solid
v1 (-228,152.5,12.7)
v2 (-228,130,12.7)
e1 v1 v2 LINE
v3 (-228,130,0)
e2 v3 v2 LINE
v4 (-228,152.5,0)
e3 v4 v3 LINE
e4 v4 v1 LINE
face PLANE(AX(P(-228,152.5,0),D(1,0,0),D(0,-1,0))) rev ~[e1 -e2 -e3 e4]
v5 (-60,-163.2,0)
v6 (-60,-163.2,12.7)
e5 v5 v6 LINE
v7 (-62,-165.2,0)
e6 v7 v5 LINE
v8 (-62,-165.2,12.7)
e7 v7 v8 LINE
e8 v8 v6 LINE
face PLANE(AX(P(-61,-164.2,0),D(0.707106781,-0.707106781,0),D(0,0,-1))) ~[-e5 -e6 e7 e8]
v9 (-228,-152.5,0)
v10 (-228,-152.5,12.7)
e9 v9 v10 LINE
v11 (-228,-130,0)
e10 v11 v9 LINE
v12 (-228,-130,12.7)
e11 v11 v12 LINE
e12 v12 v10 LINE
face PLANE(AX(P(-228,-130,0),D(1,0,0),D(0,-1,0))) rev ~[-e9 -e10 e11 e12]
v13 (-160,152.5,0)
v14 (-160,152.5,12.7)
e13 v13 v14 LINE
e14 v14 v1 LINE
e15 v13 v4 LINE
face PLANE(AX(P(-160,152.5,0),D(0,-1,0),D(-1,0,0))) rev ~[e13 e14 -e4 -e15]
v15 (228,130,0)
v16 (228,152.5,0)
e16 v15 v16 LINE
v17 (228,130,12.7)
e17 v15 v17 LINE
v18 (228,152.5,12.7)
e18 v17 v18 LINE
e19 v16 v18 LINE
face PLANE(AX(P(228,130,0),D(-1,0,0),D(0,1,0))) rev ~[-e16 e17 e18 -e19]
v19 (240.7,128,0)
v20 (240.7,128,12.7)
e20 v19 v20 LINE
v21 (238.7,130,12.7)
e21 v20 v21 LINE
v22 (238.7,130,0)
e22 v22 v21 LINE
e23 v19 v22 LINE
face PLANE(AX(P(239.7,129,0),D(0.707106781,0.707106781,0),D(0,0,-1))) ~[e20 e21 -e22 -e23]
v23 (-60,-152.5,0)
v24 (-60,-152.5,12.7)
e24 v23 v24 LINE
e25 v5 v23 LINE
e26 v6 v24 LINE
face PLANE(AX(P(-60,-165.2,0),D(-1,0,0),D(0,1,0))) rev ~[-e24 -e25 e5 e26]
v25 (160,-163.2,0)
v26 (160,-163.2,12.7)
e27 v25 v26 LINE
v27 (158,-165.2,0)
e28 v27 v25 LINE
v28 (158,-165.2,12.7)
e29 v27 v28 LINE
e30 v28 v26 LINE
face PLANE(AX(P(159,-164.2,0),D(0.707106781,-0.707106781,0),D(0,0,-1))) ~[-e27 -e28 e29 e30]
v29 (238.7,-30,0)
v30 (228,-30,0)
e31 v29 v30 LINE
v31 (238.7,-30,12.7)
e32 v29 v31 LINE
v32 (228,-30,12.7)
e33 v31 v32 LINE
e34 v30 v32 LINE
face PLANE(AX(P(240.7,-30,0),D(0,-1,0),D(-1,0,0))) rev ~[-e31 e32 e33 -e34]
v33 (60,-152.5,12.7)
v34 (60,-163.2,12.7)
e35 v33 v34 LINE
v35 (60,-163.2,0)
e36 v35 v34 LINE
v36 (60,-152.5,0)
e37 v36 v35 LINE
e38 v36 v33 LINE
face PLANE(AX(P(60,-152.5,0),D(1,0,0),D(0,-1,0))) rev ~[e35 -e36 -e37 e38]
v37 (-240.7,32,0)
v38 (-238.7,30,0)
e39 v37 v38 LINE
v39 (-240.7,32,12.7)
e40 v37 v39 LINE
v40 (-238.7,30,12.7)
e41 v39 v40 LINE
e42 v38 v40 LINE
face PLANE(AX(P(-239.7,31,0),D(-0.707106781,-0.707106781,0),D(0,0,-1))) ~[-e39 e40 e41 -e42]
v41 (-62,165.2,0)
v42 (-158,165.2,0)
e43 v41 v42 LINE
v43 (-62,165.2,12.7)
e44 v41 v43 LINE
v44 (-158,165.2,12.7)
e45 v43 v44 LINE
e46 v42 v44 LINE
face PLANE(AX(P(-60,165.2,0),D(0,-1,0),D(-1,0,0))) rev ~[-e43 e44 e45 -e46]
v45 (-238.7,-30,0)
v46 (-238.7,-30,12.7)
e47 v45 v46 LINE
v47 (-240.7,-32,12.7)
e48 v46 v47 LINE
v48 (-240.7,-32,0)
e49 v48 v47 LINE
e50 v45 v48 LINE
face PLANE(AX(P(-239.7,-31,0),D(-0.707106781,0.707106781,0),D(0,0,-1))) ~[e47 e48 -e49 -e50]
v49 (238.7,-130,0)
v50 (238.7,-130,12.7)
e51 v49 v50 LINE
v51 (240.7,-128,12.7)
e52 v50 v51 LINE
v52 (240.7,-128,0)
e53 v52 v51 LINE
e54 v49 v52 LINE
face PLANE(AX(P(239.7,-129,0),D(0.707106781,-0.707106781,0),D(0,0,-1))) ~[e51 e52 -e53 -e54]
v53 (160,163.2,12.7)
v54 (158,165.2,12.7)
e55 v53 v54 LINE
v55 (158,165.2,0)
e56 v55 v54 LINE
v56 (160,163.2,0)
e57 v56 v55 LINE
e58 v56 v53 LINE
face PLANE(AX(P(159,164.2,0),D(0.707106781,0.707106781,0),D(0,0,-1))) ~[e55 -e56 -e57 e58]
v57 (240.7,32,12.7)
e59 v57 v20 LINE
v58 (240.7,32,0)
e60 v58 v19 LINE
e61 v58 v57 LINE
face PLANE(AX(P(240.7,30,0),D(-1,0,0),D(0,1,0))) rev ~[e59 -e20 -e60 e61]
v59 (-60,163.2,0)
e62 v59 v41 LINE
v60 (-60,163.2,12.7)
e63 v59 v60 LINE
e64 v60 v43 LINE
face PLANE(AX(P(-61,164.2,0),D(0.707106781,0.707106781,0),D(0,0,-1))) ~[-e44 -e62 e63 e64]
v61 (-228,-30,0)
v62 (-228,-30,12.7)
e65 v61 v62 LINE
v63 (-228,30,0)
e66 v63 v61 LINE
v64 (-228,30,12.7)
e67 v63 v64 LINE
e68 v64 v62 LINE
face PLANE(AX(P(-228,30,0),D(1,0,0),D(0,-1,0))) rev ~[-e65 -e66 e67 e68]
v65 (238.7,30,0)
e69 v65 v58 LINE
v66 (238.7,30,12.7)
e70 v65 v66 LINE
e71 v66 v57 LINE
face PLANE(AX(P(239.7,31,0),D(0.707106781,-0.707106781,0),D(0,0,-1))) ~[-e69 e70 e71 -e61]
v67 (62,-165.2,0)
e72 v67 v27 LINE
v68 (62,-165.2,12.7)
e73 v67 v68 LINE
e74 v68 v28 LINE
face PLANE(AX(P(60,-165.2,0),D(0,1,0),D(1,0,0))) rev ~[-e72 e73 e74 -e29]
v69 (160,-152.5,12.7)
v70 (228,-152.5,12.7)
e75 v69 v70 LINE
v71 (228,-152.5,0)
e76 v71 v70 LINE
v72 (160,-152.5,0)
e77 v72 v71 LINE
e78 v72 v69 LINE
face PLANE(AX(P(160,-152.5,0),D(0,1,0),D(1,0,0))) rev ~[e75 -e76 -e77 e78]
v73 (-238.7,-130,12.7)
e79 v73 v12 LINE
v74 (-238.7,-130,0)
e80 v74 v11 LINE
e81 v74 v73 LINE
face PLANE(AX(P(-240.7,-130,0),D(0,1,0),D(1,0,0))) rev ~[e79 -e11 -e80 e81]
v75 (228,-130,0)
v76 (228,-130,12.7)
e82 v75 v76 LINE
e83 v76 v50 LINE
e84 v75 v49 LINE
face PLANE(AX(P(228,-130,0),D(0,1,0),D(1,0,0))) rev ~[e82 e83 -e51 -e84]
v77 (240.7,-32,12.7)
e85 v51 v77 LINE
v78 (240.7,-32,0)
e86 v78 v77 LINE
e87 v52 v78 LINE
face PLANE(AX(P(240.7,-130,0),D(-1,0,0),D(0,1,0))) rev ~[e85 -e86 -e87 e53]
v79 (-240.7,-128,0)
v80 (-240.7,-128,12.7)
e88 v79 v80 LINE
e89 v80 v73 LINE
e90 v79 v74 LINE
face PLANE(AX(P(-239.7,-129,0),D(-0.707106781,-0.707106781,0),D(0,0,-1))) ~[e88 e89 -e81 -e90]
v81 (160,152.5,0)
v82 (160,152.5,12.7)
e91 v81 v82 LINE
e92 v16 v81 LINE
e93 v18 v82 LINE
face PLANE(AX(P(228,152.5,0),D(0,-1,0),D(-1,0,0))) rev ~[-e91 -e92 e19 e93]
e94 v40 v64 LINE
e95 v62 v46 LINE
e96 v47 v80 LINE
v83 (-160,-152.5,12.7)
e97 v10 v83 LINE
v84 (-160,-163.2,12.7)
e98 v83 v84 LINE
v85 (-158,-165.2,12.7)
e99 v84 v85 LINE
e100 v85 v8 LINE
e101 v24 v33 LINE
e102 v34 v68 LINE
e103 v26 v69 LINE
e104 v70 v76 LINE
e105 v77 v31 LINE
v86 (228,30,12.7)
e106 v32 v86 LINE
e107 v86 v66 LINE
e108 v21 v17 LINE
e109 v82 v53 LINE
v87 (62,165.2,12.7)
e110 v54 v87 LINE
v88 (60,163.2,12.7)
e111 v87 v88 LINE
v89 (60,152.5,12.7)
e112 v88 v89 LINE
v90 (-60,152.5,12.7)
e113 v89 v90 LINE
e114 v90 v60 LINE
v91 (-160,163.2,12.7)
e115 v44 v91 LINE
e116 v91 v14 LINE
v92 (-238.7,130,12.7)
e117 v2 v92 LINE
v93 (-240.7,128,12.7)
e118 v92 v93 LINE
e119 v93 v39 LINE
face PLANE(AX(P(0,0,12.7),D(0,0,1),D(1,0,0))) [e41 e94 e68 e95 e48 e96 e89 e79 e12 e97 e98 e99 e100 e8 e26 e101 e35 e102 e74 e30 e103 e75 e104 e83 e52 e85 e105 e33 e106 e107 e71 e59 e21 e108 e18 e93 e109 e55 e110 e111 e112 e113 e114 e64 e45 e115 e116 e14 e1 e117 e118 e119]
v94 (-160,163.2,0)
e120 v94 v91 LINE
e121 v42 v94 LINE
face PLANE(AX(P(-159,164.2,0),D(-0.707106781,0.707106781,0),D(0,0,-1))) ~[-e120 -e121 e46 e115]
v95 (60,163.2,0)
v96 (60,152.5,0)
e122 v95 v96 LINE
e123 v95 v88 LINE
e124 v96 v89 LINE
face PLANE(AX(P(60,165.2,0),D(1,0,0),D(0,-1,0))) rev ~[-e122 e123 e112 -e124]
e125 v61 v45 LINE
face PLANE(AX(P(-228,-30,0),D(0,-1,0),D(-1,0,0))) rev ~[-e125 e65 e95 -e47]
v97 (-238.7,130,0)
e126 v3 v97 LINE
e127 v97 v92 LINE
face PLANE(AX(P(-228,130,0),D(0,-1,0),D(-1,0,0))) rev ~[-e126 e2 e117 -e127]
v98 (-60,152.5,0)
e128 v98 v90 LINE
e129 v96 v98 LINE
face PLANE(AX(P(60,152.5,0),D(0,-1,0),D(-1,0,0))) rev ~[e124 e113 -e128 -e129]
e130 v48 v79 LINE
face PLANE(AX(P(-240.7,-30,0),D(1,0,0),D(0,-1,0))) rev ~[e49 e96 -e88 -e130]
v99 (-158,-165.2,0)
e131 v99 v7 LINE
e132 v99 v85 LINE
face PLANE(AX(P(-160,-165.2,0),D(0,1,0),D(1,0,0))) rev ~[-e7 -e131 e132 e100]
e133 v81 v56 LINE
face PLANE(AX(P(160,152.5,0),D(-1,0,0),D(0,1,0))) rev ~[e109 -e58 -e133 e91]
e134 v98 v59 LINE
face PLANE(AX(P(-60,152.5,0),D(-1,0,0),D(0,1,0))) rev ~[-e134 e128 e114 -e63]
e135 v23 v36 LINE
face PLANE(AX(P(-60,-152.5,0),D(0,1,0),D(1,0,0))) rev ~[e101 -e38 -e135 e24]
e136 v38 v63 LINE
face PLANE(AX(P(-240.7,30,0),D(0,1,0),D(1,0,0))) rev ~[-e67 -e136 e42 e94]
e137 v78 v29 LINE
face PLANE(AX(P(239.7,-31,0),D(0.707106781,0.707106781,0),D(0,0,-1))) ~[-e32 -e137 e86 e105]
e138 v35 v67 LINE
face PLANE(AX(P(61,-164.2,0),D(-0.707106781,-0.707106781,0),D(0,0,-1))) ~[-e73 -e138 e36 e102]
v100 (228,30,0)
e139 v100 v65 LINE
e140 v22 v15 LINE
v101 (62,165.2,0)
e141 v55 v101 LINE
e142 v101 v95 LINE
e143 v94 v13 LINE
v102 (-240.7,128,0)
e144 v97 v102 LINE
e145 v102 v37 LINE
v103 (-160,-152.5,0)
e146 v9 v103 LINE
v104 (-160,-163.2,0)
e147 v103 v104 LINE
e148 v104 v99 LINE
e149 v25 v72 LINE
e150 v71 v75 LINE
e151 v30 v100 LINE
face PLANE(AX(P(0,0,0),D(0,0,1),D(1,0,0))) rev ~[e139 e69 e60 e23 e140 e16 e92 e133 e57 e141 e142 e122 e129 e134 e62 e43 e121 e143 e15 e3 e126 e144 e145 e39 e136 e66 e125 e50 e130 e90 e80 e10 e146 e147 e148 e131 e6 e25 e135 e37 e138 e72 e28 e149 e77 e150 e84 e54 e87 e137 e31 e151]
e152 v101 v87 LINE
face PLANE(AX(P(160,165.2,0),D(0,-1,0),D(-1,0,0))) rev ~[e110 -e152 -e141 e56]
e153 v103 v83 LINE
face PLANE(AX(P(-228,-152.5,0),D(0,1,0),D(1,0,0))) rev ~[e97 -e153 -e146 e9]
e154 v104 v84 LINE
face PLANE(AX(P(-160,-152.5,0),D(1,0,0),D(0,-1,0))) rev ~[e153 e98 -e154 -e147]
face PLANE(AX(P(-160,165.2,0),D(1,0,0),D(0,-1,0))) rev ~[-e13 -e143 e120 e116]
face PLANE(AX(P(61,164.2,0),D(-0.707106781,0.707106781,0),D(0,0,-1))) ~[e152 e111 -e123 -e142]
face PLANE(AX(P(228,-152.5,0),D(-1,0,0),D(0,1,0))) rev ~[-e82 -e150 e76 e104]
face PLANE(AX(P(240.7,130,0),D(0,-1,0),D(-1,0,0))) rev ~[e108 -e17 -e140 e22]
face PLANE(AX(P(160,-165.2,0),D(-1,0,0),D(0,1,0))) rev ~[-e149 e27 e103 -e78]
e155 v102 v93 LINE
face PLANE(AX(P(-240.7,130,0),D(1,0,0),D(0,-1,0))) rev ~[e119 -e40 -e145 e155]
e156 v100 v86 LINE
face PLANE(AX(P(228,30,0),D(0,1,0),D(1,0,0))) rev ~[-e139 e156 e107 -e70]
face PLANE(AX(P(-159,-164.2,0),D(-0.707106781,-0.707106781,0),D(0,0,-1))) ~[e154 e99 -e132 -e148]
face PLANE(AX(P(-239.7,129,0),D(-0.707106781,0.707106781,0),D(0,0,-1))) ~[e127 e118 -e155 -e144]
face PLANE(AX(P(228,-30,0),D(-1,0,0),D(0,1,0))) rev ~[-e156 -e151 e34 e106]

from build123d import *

# Parameters (mm, degrees)
F1_DEPTH = 12.7
F2_SIZE  = 2


with BuildPart() as f1:
    # F0 (on Top) → F1 (new body)
    with BuildSketch(Plane.XY):
        Polygon((160, -152.5), (228, -152.5), (228, -130), (240.7, -130), (240.7, -30), (228, -30), (228, 30), (240.7, 30), (240.7, 130), (228, 130), (228, 152.5), (160, 152.5), (160, 165.2), (60, 165.2), (60, 152.5), (-60, 152.5), (-60, 165.2), (-160, 165.2), (-160, 152.5), (-228, 152.5), (-228, 130), (-240.7, 130), (-240.7, 30), (-228, 30), (-228, -30), (-240.7, -30), (-240.7, -130), (-228, -130), (-228, -152.5), (-160, -152.5), (-160, -165.2), (-60, -165.2), (-60, -152.5), (60, -152.5), (60, -165.2), (160, -165.2), align=None)
    extrude(amount=F1_DEPTH)

    # F2
    f2_edges = [f1.edges().sort_by_distance(p)[0] for p in [
        (160, 165.2, 6.35),
        (240.7, 130, 6.35),
        (240.7, 30, 6.35),
        (240.7, -30, 6.35),
        (240.7, -130, 6.35),
        (160, -165.2, 6.35),
        (-60, 165.2, 6.35),
        (60, 165.2, 6.35),
        (-160, 165.2, 6.35),
        (60, -165.2, 6.35),
        (-60, -165.2, 6.35),
        (-160, -165.2, 6.35),
        (-240.7, -130, 6.35),
        (-240.7, -30, 6.35),
        (-240.7, 30, 6.35),
        (-240.7, 130, 6.35),
    ]]
    chamfer(f2_edges, length=F2_SIZE)


solid = f1.part
